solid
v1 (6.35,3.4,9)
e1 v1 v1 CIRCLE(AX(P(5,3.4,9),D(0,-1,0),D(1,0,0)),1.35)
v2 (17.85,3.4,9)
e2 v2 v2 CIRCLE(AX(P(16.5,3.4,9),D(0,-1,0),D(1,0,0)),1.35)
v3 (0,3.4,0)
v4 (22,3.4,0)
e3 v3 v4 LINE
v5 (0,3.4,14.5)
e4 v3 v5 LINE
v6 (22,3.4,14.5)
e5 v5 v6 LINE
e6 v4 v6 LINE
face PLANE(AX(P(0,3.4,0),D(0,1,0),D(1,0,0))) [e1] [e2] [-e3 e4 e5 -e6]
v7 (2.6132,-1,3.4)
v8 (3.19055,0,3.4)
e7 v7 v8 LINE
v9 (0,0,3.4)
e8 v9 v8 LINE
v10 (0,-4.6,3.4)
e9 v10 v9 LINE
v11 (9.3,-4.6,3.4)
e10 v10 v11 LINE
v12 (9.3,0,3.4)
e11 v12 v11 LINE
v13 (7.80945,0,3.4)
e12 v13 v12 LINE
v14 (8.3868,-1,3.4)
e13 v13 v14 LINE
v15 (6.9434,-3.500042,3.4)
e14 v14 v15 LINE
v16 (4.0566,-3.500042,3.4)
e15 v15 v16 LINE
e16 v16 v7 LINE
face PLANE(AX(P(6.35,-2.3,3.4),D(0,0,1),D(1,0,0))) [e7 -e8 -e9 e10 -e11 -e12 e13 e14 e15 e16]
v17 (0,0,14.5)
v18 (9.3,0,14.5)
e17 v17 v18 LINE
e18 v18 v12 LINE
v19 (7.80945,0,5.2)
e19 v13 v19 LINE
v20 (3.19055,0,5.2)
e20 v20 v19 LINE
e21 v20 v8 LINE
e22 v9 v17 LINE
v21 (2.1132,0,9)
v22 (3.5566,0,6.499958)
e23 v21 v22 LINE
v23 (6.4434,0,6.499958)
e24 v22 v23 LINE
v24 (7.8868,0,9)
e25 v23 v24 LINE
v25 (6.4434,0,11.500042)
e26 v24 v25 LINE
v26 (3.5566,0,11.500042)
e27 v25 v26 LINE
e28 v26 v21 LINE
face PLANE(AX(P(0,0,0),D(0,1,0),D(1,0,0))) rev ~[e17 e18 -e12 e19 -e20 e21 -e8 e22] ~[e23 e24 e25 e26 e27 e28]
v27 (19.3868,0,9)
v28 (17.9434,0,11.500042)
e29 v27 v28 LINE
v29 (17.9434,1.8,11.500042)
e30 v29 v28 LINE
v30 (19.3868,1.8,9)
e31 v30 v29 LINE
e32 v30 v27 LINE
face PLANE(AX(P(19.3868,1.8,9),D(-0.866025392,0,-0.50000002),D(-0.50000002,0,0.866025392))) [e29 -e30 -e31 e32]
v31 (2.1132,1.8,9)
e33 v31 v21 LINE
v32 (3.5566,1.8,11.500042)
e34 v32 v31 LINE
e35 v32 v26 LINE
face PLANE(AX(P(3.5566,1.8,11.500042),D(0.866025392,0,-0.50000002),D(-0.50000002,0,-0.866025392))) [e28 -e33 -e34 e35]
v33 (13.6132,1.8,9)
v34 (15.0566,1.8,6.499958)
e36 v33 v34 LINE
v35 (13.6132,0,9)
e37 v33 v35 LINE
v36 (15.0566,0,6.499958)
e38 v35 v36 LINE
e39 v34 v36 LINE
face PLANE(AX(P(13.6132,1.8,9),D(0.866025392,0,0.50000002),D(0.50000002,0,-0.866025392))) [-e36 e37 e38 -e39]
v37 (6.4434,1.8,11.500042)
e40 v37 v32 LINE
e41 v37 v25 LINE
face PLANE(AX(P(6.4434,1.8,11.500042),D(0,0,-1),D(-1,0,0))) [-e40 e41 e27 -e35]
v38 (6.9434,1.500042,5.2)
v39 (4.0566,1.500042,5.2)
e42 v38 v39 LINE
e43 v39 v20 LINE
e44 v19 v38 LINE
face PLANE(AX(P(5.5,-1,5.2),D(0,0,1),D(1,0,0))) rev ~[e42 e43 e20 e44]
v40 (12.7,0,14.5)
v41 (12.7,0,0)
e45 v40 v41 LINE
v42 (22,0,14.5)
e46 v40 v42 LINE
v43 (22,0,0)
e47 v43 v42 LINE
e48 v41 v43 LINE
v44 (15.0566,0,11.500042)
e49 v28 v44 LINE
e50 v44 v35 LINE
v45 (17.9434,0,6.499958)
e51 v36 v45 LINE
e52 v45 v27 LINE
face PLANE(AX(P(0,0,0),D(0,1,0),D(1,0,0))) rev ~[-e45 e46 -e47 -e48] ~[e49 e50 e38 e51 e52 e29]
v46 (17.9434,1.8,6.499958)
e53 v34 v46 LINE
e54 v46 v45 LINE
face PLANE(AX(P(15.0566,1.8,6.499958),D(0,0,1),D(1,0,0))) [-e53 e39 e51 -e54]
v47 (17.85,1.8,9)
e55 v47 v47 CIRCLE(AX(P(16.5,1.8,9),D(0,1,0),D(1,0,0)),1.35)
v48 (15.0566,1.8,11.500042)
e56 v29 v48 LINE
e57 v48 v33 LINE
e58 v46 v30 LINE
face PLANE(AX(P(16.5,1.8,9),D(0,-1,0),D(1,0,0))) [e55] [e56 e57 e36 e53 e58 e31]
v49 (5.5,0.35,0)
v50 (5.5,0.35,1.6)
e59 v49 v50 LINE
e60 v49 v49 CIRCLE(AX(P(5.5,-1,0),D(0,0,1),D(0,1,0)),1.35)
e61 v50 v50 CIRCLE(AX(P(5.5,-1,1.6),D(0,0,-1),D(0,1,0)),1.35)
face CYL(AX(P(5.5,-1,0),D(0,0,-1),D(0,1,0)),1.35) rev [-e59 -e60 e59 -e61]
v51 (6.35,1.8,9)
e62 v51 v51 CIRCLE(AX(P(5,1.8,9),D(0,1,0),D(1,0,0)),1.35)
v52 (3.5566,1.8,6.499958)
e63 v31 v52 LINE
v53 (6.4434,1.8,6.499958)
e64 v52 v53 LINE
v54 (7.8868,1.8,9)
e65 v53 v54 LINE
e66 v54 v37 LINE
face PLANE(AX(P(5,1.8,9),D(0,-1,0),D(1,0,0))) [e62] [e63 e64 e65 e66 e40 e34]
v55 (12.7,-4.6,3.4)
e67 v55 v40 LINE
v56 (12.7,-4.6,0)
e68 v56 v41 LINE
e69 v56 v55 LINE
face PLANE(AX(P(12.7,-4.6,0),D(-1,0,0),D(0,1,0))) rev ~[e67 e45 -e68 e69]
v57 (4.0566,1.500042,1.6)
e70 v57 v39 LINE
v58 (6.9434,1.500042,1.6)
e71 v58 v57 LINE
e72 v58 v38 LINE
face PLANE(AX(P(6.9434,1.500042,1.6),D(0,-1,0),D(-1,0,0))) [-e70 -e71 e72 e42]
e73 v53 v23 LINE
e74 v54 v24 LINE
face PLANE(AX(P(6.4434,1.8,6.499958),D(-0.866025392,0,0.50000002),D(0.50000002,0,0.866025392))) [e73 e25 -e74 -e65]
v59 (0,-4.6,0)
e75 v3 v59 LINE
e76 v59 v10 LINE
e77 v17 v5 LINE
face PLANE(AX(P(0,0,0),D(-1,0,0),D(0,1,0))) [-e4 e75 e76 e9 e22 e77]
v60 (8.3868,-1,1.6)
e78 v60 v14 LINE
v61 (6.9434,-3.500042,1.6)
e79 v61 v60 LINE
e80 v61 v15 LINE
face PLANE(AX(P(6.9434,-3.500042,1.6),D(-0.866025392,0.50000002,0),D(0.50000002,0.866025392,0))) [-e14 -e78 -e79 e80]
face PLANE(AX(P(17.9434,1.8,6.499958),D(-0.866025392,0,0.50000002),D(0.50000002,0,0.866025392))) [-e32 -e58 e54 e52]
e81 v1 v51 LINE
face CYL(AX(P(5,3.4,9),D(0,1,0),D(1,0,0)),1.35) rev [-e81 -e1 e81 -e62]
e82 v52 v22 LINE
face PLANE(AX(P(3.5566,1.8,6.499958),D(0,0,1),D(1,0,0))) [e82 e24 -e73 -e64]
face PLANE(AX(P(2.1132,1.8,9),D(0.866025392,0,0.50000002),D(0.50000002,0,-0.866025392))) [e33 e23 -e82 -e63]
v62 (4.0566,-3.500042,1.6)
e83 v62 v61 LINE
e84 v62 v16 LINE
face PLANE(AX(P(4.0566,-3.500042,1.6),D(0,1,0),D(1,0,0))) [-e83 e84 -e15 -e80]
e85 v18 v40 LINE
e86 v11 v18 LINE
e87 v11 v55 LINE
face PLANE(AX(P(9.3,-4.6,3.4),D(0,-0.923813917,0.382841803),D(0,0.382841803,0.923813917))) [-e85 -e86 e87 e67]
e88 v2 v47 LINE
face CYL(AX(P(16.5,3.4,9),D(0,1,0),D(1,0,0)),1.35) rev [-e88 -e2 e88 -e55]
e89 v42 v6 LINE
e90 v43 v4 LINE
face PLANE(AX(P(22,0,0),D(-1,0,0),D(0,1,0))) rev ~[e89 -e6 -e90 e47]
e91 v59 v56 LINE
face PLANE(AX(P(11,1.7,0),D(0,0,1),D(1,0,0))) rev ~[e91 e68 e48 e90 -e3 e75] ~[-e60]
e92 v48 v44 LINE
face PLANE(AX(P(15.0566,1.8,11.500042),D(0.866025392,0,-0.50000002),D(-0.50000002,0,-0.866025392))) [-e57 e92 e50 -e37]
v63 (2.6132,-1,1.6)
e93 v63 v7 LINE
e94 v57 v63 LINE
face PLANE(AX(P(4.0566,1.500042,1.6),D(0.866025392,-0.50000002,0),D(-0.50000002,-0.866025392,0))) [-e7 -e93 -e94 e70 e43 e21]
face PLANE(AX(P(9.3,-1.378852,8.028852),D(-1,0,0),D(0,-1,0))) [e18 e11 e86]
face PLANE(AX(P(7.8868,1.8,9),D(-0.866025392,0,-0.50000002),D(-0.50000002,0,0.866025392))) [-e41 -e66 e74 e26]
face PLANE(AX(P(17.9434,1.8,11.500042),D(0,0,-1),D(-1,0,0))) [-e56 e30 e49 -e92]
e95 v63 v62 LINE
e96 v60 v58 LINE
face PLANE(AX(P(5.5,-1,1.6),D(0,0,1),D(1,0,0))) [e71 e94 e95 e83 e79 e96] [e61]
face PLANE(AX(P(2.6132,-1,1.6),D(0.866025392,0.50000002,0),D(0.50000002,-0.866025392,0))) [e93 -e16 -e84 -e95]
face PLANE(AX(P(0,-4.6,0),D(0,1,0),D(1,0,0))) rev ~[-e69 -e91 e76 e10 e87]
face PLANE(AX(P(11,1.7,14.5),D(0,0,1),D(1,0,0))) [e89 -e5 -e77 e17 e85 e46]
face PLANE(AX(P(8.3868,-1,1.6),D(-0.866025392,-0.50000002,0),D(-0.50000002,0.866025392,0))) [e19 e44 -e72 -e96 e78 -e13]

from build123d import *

# Parameters (mm, degrees)
EXTRUDE003_DEPTH  = 3.6
CYLINDER002_R     = 1.35
CYLINDER002_DEPTH = 3.4
EXTRUDE002_DEPTH  = 1.8
CYLINDER003_R     = 1.35
CYLINDER003_DEPTH = 3.4
EXTRUDE001_DEPTH  = 1.8
CYLINDER_R        = 1.35
CYLINDER_DEPTH    = 3.4
BOX_W             = 22
BOX_H             = 3.4
BOX_DEPTH         = 14.5
BOX001_W          = 12.7
BOX001_H          = 4.6
BOX001_DEPTH      = 3.4
EXTRUDE_DEPTH     = 3.4


with BuildPart() as extrude003:
    # Sketch003 → Extrude003 (new body)
    with BuildSketch(Plane(origin=(5.5, -1, 1.6), x_dir=(1, 0, 0), z_dir=(0, 0, 1))):
        Polygon((2.8868, 0), (1.4434, 2.500042), (-1.4434, 2.500042), (-2.8868, 0), (-1.4434, -2.500042), (1.4434, -2.500042), align=None)
    extrude(amount=EXTRUDE003_DEPTH)


with BuildPart() as hole03:
    # Cylinder002 → Cylinder002 (new body)
    with BuildSketch(Plane(origin=(5.5, -1, 0), x_dir=(0, 1, 0), z_dir=(0, 0, 1))):
        Circle(CYLINDER002_R)
    extrude(amount=CYLINDER002_DEPTH)

    # Fusion002: union Extrude003
    add(extrude003.part)


with BuildPart() as extrude002:
    # Sketch002 → Extrude002 (new body)
    with BuildSketch(Plane(origin=(16.5, 1.8, 9), x_dir=(1, 0, 0), z_dir=(0, -1, 0))):
        Polygon((2.8868, 0), (1.4434, 2.500042), (-1.4434, 2.500042), (-2.8868, 0), (-1.4434, -2.500042), (1.4434, -2.500042), align=None)
    extrude(amount=EXTRUDE002_DEPTH)


with BuildPart() as hole02:
    # Cylinder003 → Cylinder003 (new body)
    with BuildSketch(Plane(origin=(16.5, 3.4, 9), x_dir=(1, 0, 0), z_dir=(0, -1, 0))):
        Circle(CYLINDER003_R)
    extrude(amount=CYLINDER003_DEPTH)

    # Fusion001: union Extrude002
    add(extrude002.part)


with BuildPart() as extrude001:
    # Sketch001 → Extrude001 (new body)
    with BuildSketch(Plane(origin=(5, 1.8, 9), x_dir=(1, 0, 0), z_dir=(0, -1, 0))):
        Polygon((2.8868, 0), (1.4434, 2.500042), (-1.4434, 2.500042), (-2.8868, 0), (-1.4434, -2.500042), (1.4434, -2.500042), align=None)
    extrude(amount=EXTRUDE001_DEPTH)


with BuildPart() as hole01:
    # Cylinder → Cylinder (new body)
    with BuildSketch(Plane(origin=(5, 3.4, 9), x_dir=(1, 0, 0), z_dir=(0, -1, 0))):
        Circle(CYLINDER_R)
    extrude(amount=CYLINDER_DEPTH)

    # Fusion: union Extrude001
    add(extrude001.part)


with BuildPart() as cut001:
    # Box → Box (new body)
    with BuildSketch(Plane.XY):
        with Locations((11, 1.7)):
            Rectangle(BOX_W, BOX_H)
    extrude(amount=BOX_DEPTH)

    # Cut: cut Hole01
    add(hole01.part, mode=Mode.SUBTRACT)

    # Cut001: cut Hole02
    add(hole02.part, mode=Mode.SUBTRACT)


with BuildPart() as cut002:
    # Box001 → Box001 (new body)
    with BuildSketch(Plane(origin=(0, -4.6, 0), x_dir=(1, 0, 0), z_dir=(0, 0, 1))):
        with Locations((6.35, 2.3)):
            Rectangle(BOX001_W, BOX001_H)
    extrude(amount=BOX001_DEPTH)

    # Fusion003: union Cut001
    add(cut001.part)

    # Cut002: cut Hole03
    add(hole03.part, mode=Mode.SUBTRACT)


with BuildPart() as left_hand_bracket:
    # Sketch → Extrude (new body)
    with BuildSketch(Plane(origin=(0, 0, 3.4), x_dir=(0, 1, 0), z_dir=(1, 0, 0))):
        Polygon((0, 11.1), (0, 0), (-4.6, 0), align=None)
    extrude(amount=EXTRUDE_DEPTH)


with BuildPart() as left_hand_bracket_1:
    # Extrude placement: moved
    add(left_hand_bracket.part.moved(Location((9.3, 0, 0))))

    # Fusion004: union Cut002
    add(cut002.part)


solid = left_hand_bracket_1.part
